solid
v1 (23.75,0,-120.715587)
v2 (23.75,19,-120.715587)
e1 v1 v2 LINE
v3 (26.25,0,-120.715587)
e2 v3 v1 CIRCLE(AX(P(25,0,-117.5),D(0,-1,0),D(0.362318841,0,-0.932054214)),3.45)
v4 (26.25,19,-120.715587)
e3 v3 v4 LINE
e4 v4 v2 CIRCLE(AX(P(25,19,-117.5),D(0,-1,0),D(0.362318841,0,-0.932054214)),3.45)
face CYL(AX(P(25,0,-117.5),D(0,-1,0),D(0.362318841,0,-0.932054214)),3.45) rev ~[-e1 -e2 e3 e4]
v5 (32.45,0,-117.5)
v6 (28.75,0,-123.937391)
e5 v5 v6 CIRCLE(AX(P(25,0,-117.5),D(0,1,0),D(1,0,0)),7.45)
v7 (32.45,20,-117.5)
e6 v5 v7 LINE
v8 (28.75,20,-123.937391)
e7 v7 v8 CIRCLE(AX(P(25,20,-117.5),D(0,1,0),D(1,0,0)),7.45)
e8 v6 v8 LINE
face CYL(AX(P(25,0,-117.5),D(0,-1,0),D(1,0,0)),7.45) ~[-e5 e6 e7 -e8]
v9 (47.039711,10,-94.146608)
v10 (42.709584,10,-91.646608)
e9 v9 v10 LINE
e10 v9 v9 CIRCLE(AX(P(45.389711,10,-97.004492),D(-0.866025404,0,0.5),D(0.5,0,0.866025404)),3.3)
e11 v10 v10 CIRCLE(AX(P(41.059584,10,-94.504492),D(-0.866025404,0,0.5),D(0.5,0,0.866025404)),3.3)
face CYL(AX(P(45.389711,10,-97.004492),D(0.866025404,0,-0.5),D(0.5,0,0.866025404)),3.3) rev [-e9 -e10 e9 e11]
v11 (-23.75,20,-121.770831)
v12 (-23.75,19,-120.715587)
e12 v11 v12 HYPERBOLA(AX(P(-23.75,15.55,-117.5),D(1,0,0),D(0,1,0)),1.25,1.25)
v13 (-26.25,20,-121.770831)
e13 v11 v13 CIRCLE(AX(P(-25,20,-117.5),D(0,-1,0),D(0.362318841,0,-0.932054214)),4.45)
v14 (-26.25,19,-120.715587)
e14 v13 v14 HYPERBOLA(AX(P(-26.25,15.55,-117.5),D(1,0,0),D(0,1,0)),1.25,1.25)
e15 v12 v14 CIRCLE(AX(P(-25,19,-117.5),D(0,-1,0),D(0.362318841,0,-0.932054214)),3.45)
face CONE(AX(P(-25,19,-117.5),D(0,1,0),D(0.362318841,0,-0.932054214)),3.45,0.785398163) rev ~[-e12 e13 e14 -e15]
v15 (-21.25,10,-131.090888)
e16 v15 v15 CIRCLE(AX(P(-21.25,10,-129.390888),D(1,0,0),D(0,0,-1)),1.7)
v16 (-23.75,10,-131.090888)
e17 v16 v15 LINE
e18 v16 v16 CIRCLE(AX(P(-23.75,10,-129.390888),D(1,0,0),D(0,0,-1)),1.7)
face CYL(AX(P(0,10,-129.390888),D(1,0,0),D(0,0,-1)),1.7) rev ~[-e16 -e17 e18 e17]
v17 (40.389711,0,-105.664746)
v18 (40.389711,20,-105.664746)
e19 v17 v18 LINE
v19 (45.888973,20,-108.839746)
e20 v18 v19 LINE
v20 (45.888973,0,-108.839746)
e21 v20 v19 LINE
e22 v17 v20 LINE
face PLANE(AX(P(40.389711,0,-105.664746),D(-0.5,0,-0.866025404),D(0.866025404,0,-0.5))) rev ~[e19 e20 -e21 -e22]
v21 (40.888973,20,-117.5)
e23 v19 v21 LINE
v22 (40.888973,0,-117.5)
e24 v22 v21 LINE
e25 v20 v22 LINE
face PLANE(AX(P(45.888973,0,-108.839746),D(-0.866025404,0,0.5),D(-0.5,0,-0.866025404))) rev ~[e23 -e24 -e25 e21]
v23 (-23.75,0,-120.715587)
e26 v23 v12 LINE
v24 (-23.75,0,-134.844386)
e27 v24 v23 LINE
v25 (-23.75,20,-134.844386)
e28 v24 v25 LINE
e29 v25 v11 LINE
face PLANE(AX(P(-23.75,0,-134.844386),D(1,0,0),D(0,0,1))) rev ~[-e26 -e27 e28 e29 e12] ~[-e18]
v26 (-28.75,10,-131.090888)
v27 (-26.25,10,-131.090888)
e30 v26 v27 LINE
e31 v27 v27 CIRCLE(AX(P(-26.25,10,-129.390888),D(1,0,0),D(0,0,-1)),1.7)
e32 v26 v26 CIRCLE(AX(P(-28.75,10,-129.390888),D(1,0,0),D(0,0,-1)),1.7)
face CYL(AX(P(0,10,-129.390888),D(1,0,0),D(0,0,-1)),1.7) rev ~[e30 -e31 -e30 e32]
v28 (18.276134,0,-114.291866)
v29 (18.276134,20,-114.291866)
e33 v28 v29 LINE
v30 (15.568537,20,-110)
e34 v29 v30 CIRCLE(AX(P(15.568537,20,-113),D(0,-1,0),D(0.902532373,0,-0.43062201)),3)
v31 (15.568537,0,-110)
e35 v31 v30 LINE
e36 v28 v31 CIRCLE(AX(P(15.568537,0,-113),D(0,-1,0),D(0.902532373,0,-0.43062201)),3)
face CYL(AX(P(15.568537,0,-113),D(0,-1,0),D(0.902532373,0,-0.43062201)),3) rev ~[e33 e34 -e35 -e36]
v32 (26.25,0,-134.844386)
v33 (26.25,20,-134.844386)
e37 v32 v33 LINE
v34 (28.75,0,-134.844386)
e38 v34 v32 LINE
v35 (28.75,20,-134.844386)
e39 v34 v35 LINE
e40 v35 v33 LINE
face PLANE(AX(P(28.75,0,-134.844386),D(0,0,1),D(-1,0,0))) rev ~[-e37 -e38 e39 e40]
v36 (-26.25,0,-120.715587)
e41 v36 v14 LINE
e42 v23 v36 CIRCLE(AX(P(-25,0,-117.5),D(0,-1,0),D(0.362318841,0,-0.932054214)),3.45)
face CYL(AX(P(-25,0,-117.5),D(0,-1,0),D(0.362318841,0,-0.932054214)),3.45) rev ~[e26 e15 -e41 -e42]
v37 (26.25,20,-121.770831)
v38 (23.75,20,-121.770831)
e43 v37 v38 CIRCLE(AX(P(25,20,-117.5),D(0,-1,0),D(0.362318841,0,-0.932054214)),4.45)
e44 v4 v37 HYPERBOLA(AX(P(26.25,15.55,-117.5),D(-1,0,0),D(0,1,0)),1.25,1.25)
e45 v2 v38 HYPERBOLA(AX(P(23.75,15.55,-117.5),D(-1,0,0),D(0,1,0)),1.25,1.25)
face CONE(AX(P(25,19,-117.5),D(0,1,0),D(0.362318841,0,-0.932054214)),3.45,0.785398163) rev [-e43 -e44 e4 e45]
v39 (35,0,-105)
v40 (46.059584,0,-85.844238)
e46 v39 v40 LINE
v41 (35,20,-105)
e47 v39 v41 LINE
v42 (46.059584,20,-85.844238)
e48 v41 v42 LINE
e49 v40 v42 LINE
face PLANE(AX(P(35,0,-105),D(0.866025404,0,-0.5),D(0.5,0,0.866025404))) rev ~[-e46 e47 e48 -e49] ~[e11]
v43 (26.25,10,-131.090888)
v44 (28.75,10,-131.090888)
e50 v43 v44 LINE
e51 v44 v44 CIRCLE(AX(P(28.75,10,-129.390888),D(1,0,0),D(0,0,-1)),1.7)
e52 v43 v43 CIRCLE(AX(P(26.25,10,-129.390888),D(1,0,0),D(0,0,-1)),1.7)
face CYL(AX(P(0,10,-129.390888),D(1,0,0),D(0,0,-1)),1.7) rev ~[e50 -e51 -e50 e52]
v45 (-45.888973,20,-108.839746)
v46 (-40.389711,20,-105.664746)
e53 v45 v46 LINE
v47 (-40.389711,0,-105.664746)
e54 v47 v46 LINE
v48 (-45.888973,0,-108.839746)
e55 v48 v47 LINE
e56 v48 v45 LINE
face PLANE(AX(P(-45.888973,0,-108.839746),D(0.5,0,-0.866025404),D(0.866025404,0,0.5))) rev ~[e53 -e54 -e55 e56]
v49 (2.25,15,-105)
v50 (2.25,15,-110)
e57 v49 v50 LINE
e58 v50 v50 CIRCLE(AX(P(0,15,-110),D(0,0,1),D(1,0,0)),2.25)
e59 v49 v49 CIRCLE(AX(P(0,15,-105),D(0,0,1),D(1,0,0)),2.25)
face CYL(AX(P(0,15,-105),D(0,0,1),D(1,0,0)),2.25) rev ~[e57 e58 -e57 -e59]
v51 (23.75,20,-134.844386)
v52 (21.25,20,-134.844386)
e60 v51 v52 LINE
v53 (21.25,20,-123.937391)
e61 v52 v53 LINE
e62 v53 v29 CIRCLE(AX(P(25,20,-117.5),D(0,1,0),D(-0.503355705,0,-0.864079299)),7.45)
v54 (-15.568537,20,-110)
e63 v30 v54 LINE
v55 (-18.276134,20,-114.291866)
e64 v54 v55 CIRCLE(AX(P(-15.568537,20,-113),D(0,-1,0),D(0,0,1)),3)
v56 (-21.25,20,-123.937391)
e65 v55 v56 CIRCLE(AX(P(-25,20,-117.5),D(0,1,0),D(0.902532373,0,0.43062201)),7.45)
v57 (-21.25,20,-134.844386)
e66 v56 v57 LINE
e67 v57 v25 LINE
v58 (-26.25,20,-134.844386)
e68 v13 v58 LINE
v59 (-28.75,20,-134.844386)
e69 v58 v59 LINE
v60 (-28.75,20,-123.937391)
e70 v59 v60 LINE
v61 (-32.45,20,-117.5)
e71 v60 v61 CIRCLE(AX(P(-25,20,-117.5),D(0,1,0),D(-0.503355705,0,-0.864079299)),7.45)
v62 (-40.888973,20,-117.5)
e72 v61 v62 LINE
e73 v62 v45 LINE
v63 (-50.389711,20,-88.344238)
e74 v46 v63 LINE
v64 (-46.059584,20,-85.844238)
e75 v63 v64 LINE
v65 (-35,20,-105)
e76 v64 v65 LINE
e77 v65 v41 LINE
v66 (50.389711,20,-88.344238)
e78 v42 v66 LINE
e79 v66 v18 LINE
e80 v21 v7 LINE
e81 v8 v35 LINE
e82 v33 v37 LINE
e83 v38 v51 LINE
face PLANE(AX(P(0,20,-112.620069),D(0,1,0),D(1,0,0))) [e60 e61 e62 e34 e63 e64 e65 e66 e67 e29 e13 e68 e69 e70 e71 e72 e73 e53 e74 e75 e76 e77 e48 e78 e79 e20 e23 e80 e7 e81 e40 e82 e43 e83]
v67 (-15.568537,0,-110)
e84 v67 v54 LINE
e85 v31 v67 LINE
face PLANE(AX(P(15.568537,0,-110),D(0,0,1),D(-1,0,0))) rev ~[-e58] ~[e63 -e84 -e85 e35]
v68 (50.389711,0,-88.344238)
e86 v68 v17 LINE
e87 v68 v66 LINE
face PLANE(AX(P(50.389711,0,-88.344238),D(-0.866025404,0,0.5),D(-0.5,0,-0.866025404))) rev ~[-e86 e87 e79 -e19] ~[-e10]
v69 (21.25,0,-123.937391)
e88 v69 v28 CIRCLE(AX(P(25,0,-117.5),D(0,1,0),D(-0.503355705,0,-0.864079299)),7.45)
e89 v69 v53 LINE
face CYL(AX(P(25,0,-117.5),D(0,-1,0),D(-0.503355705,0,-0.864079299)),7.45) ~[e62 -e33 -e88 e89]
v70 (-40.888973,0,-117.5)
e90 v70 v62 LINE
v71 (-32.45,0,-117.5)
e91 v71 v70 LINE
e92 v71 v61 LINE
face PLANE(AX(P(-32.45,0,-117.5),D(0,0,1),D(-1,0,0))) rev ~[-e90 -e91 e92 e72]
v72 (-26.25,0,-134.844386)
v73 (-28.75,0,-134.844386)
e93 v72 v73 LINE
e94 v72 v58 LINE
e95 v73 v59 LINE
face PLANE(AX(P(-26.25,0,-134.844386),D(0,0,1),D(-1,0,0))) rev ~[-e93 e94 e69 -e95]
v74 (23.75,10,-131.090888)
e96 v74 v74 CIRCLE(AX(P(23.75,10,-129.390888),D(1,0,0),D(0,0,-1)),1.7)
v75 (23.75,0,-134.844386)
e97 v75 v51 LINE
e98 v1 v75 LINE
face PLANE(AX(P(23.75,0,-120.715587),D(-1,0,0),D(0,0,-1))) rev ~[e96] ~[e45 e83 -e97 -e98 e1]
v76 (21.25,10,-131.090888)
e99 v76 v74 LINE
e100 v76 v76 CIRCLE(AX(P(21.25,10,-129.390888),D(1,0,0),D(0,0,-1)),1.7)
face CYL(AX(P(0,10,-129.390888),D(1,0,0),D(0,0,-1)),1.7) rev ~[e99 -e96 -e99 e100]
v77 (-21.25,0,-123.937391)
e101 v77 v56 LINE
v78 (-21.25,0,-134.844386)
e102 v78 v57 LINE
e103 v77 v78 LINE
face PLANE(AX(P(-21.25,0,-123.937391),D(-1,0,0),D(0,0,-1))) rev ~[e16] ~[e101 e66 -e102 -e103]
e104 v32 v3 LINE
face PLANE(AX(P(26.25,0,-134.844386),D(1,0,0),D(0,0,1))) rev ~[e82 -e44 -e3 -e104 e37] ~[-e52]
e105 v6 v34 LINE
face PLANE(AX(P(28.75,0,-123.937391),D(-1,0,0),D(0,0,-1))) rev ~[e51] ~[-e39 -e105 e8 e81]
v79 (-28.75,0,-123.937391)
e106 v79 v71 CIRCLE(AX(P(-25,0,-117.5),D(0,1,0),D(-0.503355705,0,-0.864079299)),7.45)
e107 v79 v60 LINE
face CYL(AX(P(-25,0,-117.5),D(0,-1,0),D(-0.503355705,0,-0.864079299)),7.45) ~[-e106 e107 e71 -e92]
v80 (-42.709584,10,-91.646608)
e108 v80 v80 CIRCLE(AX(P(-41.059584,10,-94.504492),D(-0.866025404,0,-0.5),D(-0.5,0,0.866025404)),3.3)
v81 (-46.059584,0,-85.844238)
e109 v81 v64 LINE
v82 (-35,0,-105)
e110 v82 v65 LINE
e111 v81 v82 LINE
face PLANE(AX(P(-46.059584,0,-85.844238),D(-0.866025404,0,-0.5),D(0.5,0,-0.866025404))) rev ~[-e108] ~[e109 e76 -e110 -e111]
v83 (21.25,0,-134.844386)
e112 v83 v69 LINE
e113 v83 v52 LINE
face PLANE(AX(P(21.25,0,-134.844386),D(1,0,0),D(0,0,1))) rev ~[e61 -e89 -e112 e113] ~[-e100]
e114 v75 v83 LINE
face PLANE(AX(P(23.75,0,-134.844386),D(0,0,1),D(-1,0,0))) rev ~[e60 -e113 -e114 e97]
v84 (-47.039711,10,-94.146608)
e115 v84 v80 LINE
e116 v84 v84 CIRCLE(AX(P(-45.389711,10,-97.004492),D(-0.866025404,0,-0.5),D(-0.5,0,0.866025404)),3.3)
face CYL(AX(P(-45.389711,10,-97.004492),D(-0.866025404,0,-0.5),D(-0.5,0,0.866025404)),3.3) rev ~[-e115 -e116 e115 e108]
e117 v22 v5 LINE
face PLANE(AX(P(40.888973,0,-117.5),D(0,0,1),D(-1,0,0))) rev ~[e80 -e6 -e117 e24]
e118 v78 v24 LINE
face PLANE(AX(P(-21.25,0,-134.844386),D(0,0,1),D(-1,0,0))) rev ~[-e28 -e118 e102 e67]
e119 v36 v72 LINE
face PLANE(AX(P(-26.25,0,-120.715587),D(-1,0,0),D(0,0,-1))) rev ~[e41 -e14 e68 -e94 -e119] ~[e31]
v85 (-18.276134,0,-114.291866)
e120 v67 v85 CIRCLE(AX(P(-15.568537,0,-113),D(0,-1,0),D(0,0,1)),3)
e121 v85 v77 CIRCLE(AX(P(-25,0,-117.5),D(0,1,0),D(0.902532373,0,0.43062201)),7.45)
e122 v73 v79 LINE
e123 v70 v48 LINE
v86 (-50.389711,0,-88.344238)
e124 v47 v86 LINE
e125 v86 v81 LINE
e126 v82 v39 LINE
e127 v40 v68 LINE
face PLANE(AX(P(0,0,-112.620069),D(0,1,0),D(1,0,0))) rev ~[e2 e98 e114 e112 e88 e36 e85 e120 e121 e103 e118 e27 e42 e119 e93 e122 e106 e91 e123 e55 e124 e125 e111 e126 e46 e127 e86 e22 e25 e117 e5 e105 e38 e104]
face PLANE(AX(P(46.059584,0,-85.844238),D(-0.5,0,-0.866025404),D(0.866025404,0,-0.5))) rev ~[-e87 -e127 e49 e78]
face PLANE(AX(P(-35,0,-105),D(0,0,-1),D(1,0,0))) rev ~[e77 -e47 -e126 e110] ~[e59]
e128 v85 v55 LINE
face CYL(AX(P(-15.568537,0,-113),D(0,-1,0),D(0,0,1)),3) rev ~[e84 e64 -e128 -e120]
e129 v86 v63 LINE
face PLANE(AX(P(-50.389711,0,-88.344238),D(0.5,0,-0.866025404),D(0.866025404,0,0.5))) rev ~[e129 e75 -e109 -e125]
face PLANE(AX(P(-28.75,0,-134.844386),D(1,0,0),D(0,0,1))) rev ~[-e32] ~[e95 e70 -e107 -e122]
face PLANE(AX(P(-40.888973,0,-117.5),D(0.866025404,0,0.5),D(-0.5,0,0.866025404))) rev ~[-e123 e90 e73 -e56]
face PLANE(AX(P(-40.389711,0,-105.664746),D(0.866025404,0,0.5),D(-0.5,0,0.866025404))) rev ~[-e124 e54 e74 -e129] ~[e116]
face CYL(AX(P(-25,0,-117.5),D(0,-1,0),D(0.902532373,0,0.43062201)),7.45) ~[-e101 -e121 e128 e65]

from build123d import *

# Parameters (mm, degrees)
BOSS_EXTRUDE1_DEPTH = 20
SKETCH2_R           = 1.7
CUT_EXTRUDE1_DEPTH  = 28.75
CUT_EXTRUDE2_REACH  = 63.885
SKETCH4_R           = 2.25
CHAMFER1_SIZE       = 1
CUT_EXTRUDE3_REACH  = 159.022
SKETCH5_R           = 3.3


with BuildPart() as part:
    # Sketch1 → Boss-Extrude1 (new body)
    with BuildSketch(Plane(origin=(0, 0, 0), x_dir=(1, 0, 0), z_dir=(0, 1, 0))):
        with BuildLine():
            Line((23.75, 120.715587038), (23.75, 134.844385611))
            Line((23.75, 134.844385611), (21.25, 134.844385611))
            Line((21.25, 134.844385611), (21.25, 123.937390776))
            ThreePointArc((21.25, 123.937390776), (17.8806949, 119.694993142), (18.276133819, 114.291866029))
            ThreePointArc((18.276133819, 114.291866029), (18.105818521, 111.399312349), (15.568536699, 110))
            Line((15.568536699, 110), (-15.568536699, 110))
            ThreePointArc((-15.568536699, 110), (-18.105818521, 111.399312349), (-18.276133819, 114.291866029))
            ThreePointArc((-18.276133819, 114.291866029), (-17.8806949, 119.694993142), (-21.25, 123.937390776))
            Line((-21.25, 123.937390776), (-21.25, 134.844385611))
            Line((-21.25, 134.844385611), (-23.75, 134.844385611))
            Line((-23.75, 134.844385611), (-23.75, 120.715587038))
            ThreePointArc((-23.75, 120.715587038), (-25, 114.05), (-26.25, 120.715587038))
            Line((-26.25, 120.715587038), (-26.25, 134.844385611))
            Line((-26.25, 134.844385611), (-28.75, 134.844385611))
            Line((-28.75, 134.844385611), (-28.75, 123.937390776))
            ThreePointArc((-28.75, 123.937390776), (-31.459102105, 121.212478956), (-32.45, 117.5))
            Line((-32.45, 117.5), (-40.888972746, 117.5))
            Line((-40.888972746, 117.5), (-45.888972746, 108.839745962))
            Line((-45.888972746, 108.839745962), (-40.389711432, 105.664745962))
            Line((-40.389711432, 105.664745962), (-50.389711432, 88.344237886))
            Line((-50.389711432, 88.344237886), (-46.059584413, 85.844237886))
            Line((-46.059584413, 85.844237886), (-35, 105))
            Line((-35, 105), (35, 105))
            Line((35, 105), (46.059584413, 85.844237886))
            Line((46.059584413, 85.844237886), (50.389711432, 88.344237886))
            Line((50.389711432, 88.344237886), (40.389711432, 105.664745962))
            Line((40.389711432, 105.664745962), (45.888972746, 108.839745962))
            Line((45.888972746, 108.839745962), (40.888972746, 117.5))
            Line((40.888972746, 117.5), (32.45, 117.5))
            ThreePointArc((32.45, 117.5), (31.459102105, 121.212478956), (28.75, 123.937390776))
            Line((28.75, 123.937390776), (28.75, 134.844385611))
            Line((28.75, 134.844385611), (26.25, 134.844385611))
            Line((26.25, 134.844385611), (26.25, 120.715587038))
            ThreePointArc((26.25, 120.715587038), (25, 114.05), (23.75, 120.715587038))
        make_face()
    extrude(amount=BOSS_EXTRUDE1_DEPTH)

    # Sketch2 → Cut-Extrude1 (cut, symmetric)
    with BuildSketch(Plane(origin=(0, 0, 0), x_dir=(0, 0, -1), z_dir=(1, 0, 0))):
        with Locations((129.390888193, 10)):
            Circle(SKETCH2_R)
    extrude(amount=CUT_EXTRUDE1_DEPTH, both=True, mode=Mode.SUBTRACT)

    # Sketch4 → Cut-Extrude2 (cut, up to next)
    with BuildSketch(Plane.XY.offset(-105), mode=Mode.PRIVATE) as cut_extrude2_sk1:
        with Locations((0, 15)):
            Circle(SKETCH4_R)
    cut_extrude2_tool1 = extrude(cut_extrude2_sk1.sketch, amount=-CUT_EXTRUDE2_REACH, mode=Mode.PRIVATE) & part.part
    add(cut_extrude2_tool1.solids().sort_by_distance((0, 15, -105))[0], mode=Mode.SUBTRACT)

    # Chamfer1
    chamfer1_edges = [part.edges().sort_by_distance(p)[0] for p in [
        (25, 20, -114.05),
        (-25, 20, -114.05),
    ]]
    chamfer(chamfer1_edges, length=CHAMFER1_SIZE)

    # Sketch5 → Cut-Extrude3 (cut, up to next)
    with BuildSketch(Plane(origin=(-76.046460718, 0, -43.905444566), x_dir=(-0.49999999999998673, 0, 0.8660254037844464), z_dir=(-0.8660254037844464, 0, -0.49999999999998673)), mode=Mode.PRIVATE) as cut_extrude3_sk1:
        with Locations((-61.313498572, 10)):
            Circle(SKETCH5_R)
    cut_extrude3_tool1 = extrude(cut_extrude3_sk1.sketch, amount=-CUT_EXTRUDE3_REACH, mode=Mode.PRIVATE) & part.part
    cut_extrude3 = cut_extrude3_tool1.solids().sort_by_distance((-45.389711, 10, -97.004492))[0]
    add(cut_extrude3, mode=Mode.SUBTRACT)

    # Mirror1: Cut-Extrude3 across plane
    add(cut_extrude3.mirror(Plane(origin=(0, 0, 0), x_dir=(0, 0, 1), z_dir=(1, 0, 0))), mode=Mode.SUBTRACT)


solid = part.part
